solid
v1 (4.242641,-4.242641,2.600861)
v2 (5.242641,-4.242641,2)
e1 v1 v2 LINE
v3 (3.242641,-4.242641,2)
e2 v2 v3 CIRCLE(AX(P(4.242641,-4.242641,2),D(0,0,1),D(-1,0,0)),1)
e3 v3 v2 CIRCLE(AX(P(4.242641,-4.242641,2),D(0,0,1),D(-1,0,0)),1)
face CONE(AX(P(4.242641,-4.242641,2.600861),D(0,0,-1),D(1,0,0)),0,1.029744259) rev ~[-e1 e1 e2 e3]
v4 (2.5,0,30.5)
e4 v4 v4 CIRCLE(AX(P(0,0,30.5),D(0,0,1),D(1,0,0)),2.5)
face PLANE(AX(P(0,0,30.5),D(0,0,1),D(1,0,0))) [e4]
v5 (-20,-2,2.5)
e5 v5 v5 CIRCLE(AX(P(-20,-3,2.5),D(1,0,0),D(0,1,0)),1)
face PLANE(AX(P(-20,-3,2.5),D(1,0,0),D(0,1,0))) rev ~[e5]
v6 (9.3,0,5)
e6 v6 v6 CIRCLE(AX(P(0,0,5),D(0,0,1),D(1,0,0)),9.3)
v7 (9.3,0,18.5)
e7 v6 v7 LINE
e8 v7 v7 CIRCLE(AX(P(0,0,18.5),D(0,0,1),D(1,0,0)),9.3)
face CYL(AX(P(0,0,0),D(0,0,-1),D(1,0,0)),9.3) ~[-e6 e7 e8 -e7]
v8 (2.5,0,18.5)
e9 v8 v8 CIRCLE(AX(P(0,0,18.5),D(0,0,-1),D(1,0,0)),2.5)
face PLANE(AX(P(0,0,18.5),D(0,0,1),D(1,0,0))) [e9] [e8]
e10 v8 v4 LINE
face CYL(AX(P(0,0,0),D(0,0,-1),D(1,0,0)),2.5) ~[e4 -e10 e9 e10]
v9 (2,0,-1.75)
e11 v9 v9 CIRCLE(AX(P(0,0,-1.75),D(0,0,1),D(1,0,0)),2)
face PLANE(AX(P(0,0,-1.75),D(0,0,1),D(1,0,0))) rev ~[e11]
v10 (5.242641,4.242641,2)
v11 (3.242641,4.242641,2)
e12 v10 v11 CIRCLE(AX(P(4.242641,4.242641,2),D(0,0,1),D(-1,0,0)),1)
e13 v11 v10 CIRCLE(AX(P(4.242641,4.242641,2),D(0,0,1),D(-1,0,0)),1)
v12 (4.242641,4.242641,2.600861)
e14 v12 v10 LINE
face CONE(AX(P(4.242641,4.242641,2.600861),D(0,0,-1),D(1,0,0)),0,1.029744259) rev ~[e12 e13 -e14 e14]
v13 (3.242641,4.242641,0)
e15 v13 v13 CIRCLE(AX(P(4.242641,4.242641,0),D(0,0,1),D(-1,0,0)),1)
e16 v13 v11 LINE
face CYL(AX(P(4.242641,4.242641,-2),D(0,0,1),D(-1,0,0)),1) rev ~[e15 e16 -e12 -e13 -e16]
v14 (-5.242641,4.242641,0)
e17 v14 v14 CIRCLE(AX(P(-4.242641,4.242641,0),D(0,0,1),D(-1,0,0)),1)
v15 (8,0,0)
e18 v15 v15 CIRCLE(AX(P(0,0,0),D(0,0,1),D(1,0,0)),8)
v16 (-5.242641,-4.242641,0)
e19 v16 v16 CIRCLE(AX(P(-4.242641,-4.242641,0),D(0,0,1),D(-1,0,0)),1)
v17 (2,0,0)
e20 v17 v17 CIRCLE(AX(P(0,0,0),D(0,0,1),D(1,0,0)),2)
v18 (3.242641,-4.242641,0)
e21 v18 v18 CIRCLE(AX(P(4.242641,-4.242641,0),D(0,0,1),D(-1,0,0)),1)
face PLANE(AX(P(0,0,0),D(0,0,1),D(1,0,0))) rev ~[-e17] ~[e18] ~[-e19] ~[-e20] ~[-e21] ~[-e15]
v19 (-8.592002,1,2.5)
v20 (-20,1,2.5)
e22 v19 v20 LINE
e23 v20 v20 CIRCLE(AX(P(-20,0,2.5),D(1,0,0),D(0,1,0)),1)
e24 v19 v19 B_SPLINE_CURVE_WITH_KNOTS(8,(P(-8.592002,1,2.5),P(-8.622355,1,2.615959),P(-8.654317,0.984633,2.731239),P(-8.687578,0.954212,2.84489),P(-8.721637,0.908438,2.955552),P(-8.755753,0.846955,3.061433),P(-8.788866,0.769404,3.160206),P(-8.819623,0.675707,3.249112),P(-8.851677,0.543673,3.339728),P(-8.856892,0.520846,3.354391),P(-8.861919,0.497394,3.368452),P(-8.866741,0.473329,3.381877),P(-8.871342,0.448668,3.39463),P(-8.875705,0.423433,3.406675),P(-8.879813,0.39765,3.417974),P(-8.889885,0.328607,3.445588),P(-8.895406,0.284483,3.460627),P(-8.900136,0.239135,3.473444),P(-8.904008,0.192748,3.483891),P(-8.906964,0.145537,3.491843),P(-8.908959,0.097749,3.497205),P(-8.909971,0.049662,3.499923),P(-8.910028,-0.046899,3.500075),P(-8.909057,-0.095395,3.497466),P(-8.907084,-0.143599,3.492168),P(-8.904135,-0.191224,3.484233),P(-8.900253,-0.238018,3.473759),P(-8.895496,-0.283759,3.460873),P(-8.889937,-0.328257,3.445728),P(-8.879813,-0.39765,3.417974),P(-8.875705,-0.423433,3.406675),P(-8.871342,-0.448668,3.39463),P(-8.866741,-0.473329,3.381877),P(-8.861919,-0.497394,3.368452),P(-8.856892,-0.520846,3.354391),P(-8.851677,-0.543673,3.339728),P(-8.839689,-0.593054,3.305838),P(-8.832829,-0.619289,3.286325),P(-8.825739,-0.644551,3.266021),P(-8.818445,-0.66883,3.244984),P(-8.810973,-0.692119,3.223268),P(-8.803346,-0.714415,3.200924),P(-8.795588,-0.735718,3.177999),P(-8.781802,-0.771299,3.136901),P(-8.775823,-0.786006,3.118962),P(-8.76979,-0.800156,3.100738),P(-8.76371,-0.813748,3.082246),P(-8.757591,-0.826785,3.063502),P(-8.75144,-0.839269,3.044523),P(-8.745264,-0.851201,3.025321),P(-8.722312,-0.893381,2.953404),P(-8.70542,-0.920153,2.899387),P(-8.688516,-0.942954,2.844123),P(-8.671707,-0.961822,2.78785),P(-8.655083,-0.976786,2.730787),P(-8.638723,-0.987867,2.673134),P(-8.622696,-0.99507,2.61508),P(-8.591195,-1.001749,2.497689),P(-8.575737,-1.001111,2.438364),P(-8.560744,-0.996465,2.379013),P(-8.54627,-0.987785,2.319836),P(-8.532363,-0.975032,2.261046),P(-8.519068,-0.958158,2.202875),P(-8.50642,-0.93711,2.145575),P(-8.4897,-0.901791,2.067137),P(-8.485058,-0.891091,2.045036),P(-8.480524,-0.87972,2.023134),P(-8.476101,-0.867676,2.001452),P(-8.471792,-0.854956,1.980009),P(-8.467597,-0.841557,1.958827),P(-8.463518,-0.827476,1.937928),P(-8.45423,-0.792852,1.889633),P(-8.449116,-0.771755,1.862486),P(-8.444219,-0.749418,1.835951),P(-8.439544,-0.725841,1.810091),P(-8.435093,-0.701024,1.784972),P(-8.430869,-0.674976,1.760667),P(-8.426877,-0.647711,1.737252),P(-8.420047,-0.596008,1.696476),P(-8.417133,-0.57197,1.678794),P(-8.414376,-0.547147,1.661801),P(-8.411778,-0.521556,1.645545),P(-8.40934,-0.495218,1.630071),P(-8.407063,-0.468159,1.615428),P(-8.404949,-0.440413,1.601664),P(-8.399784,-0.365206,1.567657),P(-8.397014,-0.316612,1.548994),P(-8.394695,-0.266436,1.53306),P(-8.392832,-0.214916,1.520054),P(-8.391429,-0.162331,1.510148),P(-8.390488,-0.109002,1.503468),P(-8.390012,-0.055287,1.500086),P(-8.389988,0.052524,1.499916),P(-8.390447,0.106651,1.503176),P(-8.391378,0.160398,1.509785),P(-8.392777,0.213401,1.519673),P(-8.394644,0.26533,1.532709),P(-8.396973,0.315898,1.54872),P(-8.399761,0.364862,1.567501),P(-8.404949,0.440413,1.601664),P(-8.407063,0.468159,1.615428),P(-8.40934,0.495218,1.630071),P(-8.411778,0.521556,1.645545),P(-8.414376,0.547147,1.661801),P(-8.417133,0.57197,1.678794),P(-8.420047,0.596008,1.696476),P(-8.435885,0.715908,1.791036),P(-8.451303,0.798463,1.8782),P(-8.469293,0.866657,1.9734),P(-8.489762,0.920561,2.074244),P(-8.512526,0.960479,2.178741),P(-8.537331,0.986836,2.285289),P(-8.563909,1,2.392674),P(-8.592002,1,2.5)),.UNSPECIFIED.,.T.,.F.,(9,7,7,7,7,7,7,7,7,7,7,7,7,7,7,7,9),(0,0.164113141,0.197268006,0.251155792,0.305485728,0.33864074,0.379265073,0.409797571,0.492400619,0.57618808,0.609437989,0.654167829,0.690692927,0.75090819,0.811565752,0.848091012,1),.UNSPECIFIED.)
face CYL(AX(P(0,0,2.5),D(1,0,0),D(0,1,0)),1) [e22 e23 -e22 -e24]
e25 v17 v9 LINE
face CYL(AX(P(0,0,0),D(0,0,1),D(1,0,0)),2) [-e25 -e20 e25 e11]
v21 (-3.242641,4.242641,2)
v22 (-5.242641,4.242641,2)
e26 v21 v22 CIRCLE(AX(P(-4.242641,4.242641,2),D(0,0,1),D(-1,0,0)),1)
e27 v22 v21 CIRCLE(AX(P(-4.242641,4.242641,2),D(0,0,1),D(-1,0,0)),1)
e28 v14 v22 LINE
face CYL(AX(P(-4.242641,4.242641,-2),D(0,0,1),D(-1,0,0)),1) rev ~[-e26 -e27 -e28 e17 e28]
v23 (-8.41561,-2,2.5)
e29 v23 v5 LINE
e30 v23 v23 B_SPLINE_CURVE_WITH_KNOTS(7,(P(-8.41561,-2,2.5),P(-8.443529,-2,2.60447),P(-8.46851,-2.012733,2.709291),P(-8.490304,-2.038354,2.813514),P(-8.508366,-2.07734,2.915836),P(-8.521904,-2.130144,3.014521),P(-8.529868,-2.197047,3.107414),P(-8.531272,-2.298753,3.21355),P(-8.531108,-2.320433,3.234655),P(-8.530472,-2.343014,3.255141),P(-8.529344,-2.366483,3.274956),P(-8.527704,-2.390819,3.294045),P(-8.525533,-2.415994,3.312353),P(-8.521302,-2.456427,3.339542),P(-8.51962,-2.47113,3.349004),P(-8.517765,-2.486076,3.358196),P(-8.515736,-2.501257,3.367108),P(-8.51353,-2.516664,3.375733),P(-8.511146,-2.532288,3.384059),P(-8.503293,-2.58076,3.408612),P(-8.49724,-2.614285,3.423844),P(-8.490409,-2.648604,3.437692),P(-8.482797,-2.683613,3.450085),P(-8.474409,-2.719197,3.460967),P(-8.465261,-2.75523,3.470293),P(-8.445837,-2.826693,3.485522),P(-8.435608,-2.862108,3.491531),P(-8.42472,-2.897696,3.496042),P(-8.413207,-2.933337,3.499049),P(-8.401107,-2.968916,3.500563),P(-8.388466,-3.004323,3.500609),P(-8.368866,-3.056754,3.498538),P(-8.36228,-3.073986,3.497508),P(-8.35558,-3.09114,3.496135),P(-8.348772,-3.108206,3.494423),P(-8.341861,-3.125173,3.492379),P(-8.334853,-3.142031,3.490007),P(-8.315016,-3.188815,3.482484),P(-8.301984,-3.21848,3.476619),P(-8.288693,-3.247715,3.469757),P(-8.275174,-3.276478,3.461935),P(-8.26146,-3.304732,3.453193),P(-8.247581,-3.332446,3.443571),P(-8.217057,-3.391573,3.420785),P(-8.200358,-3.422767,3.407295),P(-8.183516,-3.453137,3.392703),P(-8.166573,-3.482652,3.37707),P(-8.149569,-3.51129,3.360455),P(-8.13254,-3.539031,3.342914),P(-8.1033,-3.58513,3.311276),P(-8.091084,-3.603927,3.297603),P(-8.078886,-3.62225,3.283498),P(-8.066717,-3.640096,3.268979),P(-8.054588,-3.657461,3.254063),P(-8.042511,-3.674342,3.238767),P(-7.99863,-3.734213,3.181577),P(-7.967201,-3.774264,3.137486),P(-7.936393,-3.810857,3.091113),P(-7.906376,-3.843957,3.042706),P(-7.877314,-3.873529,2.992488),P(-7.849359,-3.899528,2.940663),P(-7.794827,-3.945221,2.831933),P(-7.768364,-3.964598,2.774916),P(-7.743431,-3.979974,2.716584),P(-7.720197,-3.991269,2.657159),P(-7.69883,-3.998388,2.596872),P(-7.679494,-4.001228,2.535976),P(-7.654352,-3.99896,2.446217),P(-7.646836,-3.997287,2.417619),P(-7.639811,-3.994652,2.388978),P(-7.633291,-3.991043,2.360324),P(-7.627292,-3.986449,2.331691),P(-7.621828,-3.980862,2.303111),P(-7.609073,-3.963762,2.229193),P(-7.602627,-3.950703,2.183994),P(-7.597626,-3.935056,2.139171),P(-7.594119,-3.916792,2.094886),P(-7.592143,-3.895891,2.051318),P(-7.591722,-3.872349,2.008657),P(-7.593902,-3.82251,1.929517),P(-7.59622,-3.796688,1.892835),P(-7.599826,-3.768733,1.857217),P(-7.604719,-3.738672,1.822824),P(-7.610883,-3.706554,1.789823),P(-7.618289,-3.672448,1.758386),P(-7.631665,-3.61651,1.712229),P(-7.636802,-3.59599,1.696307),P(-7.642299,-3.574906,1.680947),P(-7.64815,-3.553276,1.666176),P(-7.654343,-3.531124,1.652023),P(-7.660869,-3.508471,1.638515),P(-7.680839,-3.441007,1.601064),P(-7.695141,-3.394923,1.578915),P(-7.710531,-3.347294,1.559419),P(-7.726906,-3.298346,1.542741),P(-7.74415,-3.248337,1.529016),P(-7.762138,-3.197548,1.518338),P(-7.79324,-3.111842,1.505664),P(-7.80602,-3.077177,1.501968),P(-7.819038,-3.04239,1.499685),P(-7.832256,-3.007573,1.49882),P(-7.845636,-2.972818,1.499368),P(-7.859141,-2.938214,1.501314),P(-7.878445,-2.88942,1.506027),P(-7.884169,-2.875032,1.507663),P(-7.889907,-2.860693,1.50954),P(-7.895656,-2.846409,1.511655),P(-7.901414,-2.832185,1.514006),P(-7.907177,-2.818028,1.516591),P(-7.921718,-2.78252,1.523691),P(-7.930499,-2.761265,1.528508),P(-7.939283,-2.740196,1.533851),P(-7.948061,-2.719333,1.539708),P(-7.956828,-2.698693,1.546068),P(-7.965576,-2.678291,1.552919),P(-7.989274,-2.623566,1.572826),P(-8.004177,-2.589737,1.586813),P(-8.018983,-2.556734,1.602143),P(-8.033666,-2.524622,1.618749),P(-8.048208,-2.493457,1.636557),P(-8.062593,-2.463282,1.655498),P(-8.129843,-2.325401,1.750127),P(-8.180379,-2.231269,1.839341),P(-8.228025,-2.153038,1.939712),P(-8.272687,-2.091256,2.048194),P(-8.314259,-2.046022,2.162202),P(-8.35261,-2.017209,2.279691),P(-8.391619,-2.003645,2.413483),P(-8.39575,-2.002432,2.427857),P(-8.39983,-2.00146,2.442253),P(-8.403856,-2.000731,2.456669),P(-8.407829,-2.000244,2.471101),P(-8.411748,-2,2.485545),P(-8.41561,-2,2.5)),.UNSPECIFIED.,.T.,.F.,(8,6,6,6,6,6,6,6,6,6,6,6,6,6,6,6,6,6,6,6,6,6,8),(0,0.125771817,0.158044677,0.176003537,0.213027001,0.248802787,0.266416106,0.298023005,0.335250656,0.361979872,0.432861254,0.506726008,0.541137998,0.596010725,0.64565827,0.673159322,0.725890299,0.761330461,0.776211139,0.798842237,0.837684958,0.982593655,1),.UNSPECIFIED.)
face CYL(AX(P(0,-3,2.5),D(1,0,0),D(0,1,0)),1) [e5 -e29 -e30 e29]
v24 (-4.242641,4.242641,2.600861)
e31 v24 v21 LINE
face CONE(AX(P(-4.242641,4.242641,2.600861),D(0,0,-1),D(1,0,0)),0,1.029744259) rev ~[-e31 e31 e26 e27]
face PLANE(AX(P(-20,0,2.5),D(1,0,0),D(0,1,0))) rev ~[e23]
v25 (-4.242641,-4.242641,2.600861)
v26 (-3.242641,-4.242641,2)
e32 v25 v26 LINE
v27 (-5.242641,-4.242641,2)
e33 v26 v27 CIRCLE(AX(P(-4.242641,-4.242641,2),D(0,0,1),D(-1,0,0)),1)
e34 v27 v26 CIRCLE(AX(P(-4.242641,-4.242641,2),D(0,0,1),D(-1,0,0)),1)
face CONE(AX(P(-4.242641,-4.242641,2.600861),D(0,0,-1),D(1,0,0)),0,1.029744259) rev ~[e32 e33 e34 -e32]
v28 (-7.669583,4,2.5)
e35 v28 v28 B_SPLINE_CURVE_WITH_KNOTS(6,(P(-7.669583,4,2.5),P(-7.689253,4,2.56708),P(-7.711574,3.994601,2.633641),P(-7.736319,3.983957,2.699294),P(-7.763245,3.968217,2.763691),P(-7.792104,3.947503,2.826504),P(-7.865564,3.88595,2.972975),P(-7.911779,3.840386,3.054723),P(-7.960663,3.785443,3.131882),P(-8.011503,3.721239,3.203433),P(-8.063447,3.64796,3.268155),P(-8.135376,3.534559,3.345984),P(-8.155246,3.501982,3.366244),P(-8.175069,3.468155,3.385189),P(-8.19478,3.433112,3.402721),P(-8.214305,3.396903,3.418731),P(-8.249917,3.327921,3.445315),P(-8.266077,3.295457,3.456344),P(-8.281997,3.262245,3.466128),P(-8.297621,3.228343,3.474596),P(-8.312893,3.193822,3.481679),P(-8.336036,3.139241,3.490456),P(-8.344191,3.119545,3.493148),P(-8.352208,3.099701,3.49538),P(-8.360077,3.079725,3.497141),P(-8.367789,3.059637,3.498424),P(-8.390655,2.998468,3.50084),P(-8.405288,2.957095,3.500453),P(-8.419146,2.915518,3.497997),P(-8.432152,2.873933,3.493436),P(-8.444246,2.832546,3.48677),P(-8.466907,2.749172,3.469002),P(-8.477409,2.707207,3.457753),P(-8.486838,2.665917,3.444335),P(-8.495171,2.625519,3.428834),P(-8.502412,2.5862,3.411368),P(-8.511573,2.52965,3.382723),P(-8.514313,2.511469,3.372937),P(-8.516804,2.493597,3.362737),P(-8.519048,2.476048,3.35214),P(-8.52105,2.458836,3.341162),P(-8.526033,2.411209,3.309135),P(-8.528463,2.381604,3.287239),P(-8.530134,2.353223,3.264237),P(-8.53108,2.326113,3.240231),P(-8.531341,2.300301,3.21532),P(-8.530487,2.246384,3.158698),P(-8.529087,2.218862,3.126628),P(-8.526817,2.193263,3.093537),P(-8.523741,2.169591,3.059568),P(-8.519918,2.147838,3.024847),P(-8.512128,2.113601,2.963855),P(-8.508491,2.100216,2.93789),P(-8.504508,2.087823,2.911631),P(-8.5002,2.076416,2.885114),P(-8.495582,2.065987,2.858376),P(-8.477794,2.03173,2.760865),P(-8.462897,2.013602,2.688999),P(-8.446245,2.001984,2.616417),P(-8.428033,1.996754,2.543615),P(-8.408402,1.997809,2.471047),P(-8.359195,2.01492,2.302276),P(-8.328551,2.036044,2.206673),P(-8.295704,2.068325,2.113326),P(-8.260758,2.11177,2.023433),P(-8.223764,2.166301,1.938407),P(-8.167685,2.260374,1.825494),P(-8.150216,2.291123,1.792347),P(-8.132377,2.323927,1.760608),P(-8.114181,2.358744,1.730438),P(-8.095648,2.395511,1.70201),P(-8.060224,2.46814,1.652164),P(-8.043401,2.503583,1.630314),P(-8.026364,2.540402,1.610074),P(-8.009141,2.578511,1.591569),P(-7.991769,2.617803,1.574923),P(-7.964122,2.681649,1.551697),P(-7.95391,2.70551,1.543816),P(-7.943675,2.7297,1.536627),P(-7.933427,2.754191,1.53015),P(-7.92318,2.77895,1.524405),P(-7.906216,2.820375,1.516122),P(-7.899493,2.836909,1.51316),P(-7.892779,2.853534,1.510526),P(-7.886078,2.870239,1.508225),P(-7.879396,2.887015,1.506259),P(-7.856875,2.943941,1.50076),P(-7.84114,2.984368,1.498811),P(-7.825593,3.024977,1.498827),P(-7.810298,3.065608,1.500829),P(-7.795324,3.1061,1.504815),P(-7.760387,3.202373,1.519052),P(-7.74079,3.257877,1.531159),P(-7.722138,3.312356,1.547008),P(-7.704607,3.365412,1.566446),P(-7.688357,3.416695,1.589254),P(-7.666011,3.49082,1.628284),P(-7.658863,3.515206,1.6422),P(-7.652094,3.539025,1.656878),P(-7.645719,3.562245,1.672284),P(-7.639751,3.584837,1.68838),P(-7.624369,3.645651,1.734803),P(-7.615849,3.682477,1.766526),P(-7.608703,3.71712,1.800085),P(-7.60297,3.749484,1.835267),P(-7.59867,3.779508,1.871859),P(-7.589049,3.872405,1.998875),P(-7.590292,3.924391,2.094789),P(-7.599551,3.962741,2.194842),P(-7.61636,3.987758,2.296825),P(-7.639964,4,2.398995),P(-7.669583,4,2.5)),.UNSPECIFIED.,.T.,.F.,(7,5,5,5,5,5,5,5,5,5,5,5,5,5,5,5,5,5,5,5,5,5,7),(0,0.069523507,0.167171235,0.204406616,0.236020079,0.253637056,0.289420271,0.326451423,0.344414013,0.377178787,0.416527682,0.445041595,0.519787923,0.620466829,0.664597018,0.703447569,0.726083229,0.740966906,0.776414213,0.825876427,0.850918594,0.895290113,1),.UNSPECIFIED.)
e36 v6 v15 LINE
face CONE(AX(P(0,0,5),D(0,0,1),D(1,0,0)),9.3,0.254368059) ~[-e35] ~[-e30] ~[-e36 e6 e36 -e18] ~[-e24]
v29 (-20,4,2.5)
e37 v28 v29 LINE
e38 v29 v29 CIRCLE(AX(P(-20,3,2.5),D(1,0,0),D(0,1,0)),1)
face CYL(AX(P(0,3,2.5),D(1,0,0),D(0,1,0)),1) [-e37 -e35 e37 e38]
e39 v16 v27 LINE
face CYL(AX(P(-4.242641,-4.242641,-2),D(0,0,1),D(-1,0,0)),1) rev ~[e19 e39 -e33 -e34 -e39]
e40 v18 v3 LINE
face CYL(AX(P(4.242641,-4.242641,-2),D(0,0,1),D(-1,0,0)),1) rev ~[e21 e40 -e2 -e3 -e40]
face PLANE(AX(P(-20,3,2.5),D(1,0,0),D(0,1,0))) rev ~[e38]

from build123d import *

# Parameters (mm, degrees)
F0_R      = 9.3
F4_DEPTH  = 18.5
F2_R      = 2.5
F5_DEPTH  = 30.5
F3_R      = 2
F6_DEPTH  = 1.75
F7_SIZE2  = 1.3
F7_SIZE   = 5
F8_R      = 1
F9_DEPTH  = 20
F10_D     = 2
F10_DEPTH = 2
F10_TIP   = 0.600860619


with BuildPart() as f4:
    # F0 (on Top) → F4 (new body)
    with BuildSketch(Plane.XY):
        Circle(F0_R)
    extrude(amount=F4_DEPTH)

    # F2 (on Top) → F5 (join)
    with BuildSketch(Plane.XY):
        Circle(F2_R)
    extrude(amount=F5_DEPTH)

    # F3 (on Top) → F6 (join)
    with BuildSketch(Plane.XY):
        Circle(F3_R)
    extrude(amount=-F6_DEPTH)

    # F7
    f7_edges = [f4.edges().sort_by_distance(p)[0] for p in [
        (-9.3, 0, 0),
    ]]
    f7_side = f4.faces().sort_by_distance((-9.3, 0, 9.25))[0]
    chamfer(f7_edges, length=F7_SIZE, length2=F7_SIZE2, reference=f7_side)

    # F8 (on Right) → F9 (join)
    with BuildSketch(Plane.YZ):
        with Locations((0, 2.5)):
            Circle(F8_R)
        with Locations((-3, 2.5)):
            Circle(F8_R)
        with Locations((3, 2.5)):
            Circle(F8_R)
    extrude(amount=-F9_DEPTH)

    # F10
    with Locations(Plane(origin=(0, 0, 0), x_dir=(1, 0, 0), z_dir=(0, 0, -1))):
        with Locations((-4.2426406871, -4.2426406871), (-4.2426406871, 4.2426406871), (4.2426406871, 4.2426406871), (4.2426406871, -4.2426406871)):
            Hole(F10_D / 2, depth=F10_DEPTH)
            with Locations((0, 0, -(F10_DEPTH + F10_TIP / 2))):  # 118° drill point
                Cone(0, F10_D / 2, F10_TIP, mode=Mode.SUBTRACT)


solid = f4.part
